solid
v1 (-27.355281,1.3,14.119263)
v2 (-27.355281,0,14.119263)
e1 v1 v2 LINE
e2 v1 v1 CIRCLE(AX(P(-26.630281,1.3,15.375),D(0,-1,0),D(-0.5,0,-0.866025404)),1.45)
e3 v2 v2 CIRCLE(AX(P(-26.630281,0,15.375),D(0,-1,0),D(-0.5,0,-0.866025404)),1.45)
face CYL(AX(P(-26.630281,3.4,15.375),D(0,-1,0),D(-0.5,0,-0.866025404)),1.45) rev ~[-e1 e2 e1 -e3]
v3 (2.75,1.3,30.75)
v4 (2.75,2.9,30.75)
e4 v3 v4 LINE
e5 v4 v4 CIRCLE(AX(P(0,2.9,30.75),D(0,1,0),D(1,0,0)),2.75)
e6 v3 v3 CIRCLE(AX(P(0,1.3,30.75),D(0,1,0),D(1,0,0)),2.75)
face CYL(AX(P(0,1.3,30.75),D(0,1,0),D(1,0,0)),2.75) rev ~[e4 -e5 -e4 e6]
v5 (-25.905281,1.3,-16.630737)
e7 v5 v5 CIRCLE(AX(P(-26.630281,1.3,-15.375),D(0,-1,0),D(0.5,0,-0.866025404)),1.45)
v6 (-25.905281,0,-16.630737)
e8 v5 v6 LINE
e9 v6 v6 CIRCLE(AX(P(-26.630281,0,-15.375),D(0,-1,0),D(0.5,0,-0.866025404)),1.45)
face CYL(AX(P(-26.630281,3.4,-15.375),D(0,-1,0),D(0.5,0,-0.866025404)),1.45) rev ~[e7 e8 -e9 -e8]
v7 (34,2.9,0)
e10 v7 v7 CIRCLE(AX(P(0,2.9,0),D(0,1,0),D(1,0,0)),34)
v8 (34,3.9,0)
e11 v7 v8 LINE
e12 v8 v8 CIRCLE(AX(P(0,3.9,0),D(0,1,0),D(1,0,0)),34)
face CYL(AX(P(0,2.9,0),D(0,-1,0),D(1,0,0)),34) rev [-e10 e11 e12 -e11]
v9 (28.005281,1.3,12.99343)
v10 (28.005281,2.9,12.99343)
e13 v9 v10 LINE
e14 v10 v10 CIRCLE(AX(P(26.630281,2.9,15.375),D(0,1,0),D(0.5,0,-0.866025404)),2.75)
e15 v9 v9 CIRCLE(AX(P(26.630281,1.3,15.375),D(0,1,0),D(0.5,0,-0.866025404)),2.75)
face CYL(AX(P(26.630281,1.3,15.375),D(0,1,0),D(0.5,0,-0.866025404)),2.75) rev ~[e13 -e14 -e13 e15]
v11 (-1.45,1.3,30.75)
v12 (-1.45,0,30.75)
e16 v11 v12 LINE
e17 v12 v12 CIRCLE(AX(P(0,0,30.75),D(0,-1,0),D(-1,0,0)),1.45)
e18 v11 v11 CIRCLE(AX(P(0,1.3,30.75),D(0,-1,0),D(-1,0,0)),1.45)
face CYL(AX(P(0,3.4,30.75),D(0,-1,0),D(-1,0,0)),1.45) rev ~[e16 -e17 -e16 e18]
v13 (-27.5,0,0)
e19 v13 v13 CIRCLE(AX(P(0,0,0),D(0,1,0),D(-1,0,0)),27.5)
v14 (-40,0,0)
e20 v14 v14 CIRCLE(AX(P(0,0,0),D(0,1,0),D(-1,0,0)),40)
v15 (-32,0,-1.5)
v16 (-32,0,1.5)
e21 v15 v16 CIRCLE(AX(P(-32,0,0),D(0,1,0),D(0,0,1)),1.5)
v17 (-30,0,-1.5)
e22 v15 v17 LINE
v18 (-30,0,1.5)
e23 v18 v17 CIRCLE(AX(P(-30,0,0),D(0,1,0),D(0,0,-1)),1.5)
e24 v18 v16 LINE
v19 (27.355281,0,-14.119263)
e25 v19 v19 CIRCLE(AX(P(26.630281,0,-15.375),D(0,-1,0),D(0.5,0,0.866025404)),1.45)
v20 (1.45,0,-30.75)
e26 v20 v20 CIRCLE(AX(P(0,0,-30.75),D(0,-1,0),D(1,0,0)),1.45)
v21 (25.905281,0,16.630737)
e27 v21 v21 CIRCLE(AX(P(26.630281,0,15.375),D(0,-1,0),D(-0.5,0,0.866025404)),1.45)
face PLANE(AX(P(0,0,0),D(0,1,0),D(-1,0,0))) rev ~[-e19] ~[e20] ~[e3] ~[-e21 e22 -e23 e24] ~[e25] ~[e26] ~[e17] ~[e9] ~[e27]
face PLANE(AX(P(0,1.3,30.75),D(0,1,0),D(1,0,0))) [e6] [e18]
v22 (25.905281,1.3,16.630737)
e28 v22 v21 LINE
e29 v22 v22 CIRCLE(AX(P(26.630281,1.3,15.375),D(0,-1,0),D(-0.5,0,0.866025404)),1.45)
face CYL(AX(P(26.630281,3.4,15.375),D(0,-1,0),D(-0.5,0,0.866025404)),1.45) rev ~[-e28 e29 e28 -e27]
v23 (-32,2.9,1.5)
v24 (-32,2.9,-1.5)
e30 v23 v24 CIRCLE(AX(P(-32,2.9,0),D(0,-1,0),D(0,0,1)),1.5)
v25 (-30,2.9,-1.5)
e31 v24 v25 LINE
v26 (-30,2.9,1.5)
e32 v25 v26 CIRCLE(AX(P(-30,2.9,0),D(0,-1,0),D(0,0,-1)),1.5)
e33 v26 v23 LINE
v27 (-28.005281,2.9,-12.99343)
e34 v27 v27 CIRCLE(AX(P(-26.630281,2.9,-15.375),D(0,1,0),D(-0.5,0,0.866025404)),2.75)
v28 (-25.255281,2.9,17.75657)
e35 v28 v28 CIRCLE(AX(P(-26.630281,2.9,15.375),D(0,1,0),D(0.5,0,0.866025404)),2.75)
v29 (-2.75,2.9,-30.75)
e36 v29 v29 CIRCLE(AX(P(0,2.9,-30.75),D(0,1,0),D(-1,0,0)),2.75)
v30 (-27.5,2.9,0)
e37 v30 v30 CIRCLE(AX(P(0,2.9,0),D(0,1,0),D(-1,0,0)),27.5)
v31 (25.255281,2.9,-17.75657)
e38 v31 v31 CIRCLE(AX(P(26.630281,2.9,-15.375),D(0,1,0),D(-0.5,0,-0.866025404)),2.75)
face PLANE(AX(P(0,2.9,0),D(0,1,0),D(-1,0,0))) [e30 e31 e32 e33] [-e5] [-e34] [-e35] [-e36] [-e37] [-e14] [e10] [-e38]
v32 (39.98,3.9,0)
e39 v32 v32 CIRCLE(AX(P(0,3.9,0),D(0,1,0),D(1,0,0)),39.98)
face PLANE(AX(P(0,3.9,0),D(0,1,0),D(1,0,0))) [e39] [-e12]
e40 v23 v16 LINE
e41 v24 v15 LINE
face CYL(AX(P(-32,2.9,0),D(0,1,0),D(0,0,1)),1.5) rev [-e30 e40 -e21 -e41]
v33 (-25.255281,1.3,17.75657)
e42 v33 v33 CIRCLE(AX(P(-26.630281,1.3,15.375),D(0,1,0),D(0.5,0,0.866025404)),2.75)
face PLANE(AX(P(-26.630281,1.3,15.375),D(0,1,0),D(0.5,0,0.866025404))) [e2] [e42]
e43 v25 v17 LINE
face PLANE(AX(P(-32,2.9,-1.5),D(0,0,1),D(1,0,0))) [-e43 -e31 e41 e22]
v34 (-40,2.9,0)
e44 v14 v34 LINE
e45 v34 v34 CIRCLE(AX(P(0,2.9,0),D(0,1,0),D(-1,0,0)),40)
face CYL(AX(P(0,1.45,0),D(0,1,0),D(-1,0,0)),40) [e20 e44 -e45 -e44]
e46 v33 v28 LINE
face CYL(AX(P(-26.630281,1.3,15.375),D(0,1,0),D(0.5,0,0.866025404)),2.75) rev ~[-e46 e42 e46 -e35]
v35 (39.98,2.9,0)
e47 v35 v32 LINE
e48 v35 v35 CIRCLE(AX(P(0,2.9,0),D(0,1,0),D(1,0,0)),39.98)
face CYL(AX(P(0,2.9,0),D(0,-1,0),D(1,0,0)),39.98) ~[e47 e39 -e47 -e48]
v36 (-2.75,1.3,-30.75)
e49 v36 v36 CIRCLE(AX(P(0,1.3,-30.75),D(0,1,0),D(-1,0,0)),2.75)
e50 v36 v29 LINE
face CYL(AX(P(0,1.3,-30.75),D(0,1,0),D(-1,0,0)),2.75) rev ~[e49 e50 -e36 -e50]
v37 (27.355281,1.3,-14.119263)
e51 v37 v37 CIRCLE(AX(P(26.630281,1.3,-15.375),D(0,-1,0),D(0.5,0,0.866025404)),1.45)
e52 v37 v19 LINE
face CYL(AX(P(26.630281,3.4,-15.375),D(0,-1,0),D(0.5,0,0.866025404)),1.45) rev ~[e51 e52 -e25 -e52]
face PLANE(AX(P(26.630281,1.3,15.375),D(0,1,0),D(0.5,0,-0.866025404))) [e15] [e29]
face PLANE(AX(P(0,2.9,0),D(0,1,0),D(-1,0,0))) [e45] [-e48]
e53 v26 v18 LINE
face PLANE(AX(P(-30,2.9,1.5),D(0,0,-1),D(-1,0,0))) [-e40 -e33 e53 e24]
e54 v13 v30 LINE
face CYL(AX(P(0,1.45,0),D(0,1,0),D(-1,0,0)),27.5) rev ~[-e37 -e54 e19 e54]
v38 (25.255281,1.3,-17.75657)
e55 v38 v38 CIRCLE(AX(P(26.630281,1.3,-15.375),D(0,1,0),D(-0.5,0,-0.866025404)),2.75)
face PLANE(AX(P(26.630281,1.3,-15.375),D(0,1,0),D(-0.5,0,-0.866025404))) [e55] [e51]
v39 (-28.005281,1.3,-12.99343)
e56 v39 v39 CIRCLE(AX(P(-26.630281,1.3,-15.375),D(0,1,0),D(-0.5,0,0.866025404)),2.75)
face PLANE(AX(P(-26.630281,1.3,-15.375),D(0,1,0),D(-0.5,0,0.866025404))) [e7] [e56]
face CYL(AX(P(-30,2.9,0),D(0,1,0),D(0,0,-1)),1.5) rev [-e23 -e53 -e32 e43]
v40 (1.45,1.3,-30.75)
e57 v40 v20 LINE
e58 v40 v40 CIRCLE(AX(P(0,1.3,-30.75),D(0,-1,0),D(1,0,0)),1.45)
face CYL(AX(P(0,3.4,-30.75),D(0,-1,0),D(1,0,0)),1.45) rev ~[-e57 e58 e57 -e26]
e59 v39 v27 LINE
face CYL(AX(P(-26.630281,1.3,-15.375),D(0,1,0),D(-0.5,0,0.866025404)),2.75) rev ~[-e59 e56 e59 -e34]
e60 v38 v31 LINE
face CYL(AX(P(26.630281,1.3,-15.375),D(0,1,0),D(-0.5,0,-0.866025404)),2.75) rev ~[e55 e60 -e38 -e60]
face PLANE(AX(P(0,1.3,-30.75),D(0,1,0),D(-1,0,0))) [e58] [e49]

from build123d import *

# Parameters (mm, degrees)
SKETCH1_W                                            = 12.5
SKETCH1_H                                            = 2.9
CBORE_FOR_M2_5_HEX_SOCKET_HEAD_CAP_SCREW_D           = 2.9
CBORE_FOR_M2_5_HEX_SOCKET_HEAD_CAP_SCREW_CBORE_D     = 5.5
CBORE_FOR_M2_5_HEX_SOCKET_HEAD_CAP_SCREW_CBORE_DEPTH = 2.1
CIRPATTERN1_COUNT                                    = 6
CUT_EXTRUDE4_DEPTH                                   = 10
SKETCH5_R                                            = 39.98
SKETCH5_R_2                                          = 34
BOSS_EXTRUDE1_DEPTH                                  = 1


with BuildPart() as part:
    # Sketch1 → Revolve1 (revolve)
    with BuildSketch(Plane.XY):
        with Locations((-33.75, 1.45)):
            Rectangle(SKETCH1_W, SKETCH1_H)
    revolve(axis=Axis((0, -3.243860323, 0), (0, 1, 0)))

    # CBORE for M2.5 Hex Socket Head Cap Screw2 (through all)
    with Locations(Plane(origin=(0, 3.4, 0), x_dir=(-1, 0, 0), z_dir=(0, 1, 0))):
        with Locations((0, -30.75)):
            cbore_for_m2_5_hex_socket_head_cap_screw = CounterBoreHole(CBORE_FOR_M2_5_HEX_SOCKET_HEAD_CAP_SCREW_D / 2, CBORE_FOR_M2_5_HEX_SOCKET_HEAD_CAP_SCREW_CBORE_D / 2, CBORE_FOR_M2_5_HEX_SOCKET_HEAD_CAP_SCREW_CBORE_DEPTH)

    # CirPattern1: CBORE for M2.5 Hex Socket Head Cap Screw2 ×6 about axis
    cirpattern1_axis = Axis((0, 0, 0), (0, 1, 0))
    for i in range(1, CIRPATTERN1_COUNT):
        add(cbore_for_m2_5_hex_socket_head_cap_screw.rotate(cirpattern1_axis, i * 360 / CIRPATTERN1_COUNT), mode=Mode.SUBTRACT)

    # Sketch10 → Cut-Extrude4 (cut)
    with BuildSketch(Plane(origin=(0, 2.9, 0), x_dir=(1, 0, 0), z_dir=(0, 1, 0))):
        with BuildLine():
            Line((-32, 1.5), (-30, 1.5))
            ThreePointArc((-30, 1.5), (-28.5, 0), (-30, -1.5))
            Line((-30, -1.5), (-32, -1.5))
            ThreePointArc((-32, -1.5), (-33.5, 0), (-32, 1.5))
        make_face()
    extrude(amount=-CUT_EXTRUDE4_DEPTH, mode=Mode.SUBTRACT)

    # Sketch5 → Boss-Extrude1 (add)
    with BuildSketch(Plane(origin=(0, 2.9, 0), x_dir=(1, 0, 0), z_dir=(0, 1, 0))):
        Circle(SKETCH5_R)
        Circle(SKETCH5_R_2, mode=Mode.SUBTRACT)
    extrude(amount=BOSS_EXTRUDE1_DEPTH)


solid = part.part
